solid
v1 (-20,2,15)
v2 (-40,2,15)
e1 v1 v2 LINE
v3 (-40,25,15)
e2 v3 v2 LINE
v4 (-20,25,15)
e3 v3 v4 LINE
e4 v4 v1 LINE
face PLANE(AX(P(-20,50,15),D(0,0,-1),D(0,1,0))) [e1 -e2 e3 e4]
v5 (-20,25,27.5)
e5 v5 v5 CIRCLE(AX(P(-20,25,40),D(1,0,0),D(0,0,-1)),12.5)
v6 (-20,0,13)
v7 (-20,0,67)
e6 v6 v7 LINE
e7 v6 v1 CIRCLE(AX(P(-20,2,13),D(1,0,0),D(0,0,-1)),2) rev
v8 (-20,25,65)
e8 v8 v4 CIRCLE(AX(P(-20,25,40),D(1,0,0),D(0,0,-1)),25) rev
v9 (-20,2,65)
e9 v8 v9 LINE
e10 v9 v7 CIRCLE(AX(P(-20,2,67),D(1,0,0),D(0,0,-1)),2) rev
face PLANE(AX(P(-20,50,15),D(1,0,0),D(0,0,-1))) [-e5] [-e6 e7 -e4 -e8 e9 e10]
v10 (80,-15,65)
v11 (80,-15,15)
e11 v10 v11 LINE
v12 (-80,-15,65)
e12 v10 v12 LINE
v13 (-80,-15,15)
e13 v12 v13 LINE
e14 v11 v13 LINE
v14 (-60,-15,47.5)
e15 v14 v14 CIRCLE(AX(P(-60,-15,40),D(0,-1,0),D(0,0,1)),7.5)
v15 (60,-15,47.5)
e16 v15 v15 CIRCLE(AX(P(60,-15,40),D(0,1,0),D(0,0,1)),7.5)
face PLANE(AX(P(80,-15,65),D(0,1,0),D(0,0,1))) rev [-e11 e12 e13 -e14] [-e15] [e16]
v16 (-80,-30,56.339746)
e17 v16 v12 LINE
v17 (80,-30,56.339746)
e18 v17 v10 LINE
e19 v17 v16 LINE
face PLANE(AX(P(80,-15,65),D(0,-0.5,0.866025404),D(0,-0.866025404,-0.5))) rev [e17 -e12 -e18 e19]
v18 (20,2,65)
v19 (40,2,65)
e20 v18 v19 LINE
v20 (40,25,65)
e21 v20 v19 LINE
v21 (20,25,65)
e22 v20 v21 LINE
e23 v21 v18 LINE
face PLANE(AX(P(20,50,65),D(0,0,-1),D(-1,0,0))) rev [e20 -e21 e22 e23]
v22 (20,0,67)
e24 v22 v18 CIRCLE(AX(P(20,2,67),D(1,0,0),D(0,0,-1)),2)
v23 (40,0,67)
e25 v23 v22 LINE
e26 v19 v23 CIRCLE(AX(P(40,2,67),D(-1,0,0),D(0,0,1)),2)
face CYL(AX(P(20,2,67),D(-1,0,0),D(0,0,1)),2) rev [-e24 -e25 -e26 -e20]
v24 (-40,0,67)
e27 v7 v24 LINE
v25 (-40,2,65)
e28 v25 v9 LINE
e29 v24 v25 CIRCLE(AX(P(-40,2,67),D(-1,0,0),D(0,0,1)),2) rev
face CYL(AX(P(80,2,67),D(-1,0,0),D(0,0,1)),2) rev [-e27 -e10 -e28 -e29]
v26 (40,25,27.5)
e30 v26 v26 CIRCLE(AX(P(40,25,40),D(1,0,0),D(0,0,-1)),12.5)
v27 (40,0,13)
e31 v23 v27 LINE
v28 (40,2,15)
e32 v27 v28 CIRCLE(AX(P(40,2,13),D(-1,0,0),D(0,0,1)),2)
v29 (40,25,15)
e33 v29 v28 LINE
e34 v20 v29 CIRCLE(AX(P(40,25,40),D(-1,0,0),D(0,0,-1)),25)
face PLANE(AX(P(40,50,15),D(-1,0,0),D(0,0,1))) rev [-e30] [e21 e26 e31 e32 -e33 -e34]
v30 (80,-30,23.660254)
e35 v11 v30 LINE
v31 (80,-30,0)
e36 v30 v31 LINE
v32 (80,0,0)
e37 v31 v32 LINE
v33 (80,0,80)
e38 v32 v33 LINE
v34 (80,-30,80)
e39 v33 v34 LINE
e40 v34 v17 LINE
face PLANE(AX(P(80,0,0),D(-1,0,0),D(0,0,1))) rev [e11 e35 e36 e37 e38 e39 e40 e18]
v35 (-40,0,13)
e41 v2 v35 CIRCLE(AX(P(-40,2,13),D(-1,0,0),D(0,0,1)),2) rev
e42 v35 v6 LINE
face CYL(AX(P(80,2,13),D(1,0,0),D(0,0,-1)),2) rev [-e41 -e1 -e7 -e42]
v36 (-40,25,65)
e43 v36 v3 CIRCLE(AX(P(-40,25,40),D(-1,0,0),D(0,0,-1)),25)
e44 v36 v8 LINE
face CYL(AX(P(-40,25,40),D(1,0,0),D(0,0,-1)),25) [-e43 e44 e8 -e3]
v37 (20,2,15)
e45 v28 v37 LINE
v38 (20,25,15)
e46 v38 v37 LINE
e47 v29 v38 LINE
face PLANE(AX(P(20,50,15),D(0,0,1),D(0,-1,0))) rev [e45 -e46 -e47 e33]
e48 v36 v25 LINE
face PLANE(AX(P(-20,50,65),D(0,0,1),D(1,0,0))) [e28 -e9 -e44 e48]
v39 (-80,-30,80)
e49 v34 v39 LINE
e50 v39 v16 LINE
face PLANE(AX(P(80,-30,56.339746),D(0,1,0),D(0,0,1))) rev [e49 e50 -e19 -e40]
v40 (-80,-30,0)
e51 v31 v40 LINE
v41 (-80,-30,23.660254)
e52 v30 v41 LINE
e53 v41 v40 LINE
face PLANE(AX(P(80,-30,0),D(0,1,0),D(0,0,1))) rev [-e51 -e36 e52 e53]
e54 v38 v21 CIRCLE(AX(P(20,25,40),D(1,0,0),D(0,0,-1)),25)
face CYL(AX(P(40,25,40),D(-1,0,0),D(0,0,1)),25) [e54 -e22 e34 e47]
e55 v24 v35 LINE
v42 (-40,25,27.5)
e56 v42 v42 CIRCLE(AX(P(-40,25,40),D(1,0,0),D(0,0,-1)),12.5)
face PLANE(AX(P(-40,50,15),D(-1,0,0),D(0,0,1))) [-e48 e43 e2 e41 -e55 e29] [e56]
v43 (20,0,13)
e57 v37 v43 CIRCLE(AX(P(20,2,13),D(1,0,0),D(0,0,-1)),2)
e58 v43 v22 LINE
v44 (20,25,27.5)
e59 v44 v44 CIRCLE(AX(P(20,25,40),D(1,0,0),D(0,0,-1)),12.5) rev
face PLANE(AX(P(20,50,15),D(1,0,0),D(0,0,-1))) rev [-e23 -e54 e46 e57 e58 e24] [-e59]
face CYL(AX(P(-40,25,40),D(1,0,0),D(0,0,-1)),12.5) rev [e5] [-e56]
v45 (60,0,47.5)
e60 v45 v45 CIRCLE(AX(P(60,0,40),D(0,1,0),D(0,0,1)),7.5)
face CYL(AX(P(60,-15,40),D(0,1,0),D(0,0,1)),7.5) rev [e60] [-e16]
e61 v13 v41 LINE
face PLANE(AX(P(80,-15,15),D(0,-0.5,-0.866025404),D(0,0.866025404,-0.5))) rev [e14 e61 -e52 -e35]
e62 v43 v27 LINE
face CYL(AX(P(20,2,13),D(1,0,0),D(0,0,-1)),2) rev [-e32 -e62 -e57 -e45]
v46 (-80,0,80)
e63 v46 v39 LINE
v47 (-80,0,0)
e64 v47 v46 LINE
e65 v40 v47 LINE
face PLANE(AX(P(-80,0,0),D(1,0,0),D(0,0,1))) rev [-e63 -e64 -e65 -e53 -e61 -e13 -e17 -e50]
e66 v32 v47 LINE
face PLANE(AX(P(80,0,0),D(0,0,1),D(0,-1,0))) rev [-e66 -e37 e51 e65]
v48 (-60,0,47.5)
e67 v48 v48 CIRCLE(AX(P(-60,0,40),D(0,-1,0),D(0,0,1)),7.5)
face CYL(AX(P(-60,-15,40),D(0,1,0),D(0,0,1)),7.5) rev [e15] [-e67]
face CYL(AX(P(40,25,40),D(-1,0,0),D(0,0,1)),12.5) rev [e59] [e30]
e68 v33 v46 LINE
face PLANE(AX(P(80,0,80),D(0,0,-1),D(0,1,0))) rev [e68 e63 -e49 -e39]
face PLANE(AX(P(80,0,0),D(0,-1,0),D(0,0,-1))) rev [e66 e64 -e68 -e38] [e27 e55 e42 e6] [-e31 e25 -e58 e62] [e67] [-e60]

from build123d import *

# Parameters (mm, degrees)
BOSS_EXTRUDE1_DEPTH = 80
SKETCH4_W           = 20
SKETCH4_H           = 50
BOSS_EXTRUDE2_DEPTH = 50
SKETCH5_R           = 7.5
CUT_EXTRUDE2_DEPTH  = 15
CUT_EXTRUDE3_DEPTH  = 40
CUT_EXTRUDE4_DEPTH  = 40
SKETCH13_R          = 12.5
CUT_EXTRUDE5_DEPTH  = 40
CUT_EXTRUDE6_DEPTH  = 20
FILLET1_R           = 2


with BuildPart() as part:
    # Sketch1 → Boss-Extrude1 (new body)
    with BuildSketch(Plane(origin=(0, 0, 0), x_dir=(0, 0, -1), z_dir=(1, 0, 0))):
        Polygon((-65, -15), (-15, -15), (-23.660254038, -30), (0, -30), (0, 0), (-80, 0), (-80, -30), (-56.339745962, -30), align=None)
    boss_extrude1 = extrude(amount=BOSS_EXTRUDE1_DEPTH)

    # Sketch4 → Boss-Extrude2 (add)
    with BuildSketch(Plane(origin=(0, 0, 0), x_dir=(1, 0, 0), z_dir=(0, 1, 0))):
        with Locations((30, -40)):
            Rectangle(SKETCH4_W, SKETCH4_H)
    boss_extrude2 = extrude(amount=BOSS_EXTRUDE2_DEPTH)

    # Sketch5 → Cut-Extrude2 (cut)
    with BuildSketch(Plane(origin=(0, 0, 0), x_dir=(1, 0, 0), z_dir=(0, 1, 0))):
        with Locations((60, -40)):
            Circle(SKETCH5_R)
    cut_extrude2 = extrude(amount=-CUT_EXTRUDE2_DEPTH, mode=Mode.SUBTRACT)

    # Sketch9 → Cut-Extrude3 (cut)
    with BuildSketch(Plane(origin=(0, 0, 0), x_dir=(0, 0, -1), z_dir=(1, 0, 0))):
        with BuildLine():
            Line((-65, 25), (-65, 50))
            Line((-65, 50), (-40, 50))
            ThreePointArc((-40, 50), (-57.67766953, 42.67766953), (-65, 25))
        make_face()
    cut_extrude3 = extrude(amount=CUT_EXTRUDE3_DEPTH, mode=Mode.SUBTRACT)

    # Sketch11 → Cut-Extrude4 (cut)
    with BuildSketch(Plane(origin=(0, 0, 0), x_dir=(0, 0, -1), z_dir=(1, 0, 0))):
        with BuildLine():
            Line((-15, 25), (-15, 50))
            Line((-15, 50), (-40, 50))
            ThreePointArc((-40, 50), (-22.32233047, 42.67766953), (-15, 25))
        make_face()
    extrude(amount=CUT_EXTRUDE4_DEPTH, mode=Mode.SUBTRACT)

    # Sketch13 → Cut-Extrude5 (cut)
    with BuildSketch(Plane(origin=(0, 0, 0), x_dir=(0, 0, -1), z_dir=(1, 0, 0))):
        with Locations((-40, 25)):
            Circle(SKETCH13_R)
    cut_extrude5 = extrude(amount=CUT_EXTRUDE5_DEPTH, mode=Mode.SUBTRACT)

    # Mirror3: Boss-Extrude1, Boss-Extrude2, Cut-Extrude2, Cut-Extrude3, Cut-Extrude5 across plane
    add(boss_extrude1.mirror(Plane(origin=(0, 0, 0), x_dir=(0, 0, 1), z_dir=(1, 0, 0))))
    add(boss_extrude2.mirror(Plane(origin=(0, 0, 0), x_dir=(0, 0, 1), z_dir=(1, 0, 0))))
    add(cut_extrude2.mirror(Plane(origin=(0, 0, 0), x_dir=(0, 0, 1), z_dir=(1, 0, 0))), mode=Mode.SUBTRACT)
    add(cut_extrude3.mirror(Plane(origin=(0, 0, 0), x_dir=(0, 0, 1), z_dir=(1, 0, 0))), mode=Mode.SUBTRACT)
    add(cut_extrude5.mirror(Plane(origin=(0, 0, 0), x_dir=(0, 0, 1), z_dir=(1, 0, 0))), mode=Mode.SUBTRACT)

    # Sketch17 → Cut-Extrude6 (cut)
    with BuildSketch(Plane(origin=(-20, 0, 0), x_dir=(0, 0, -1), z_dir=(1, 0, 0))):
        with BuildLine():
            Line((-40, 50), (-15, 50))
            Line((-15, 50), (-15, 25))
            ThreePointArc((-15, 25), (-22.32233047, 42.67766953), (-40, 50))
        make_face()
    extrude(amount=-CUT_EXTRUDE6_DEPTH, mode=Mode.SUBTRACT)

    # Fillet1
    fillet1_edges = [part.edges().sort_by_distance(p)[0] for p in [
        (-30, 0, 65),
        (-30, 0, 15),
        (30, 0, 65),
        (30, 0, 15),
    ]]
    fillet(fillet1_edges, radius=FILLET1_R)


solid = part.part
